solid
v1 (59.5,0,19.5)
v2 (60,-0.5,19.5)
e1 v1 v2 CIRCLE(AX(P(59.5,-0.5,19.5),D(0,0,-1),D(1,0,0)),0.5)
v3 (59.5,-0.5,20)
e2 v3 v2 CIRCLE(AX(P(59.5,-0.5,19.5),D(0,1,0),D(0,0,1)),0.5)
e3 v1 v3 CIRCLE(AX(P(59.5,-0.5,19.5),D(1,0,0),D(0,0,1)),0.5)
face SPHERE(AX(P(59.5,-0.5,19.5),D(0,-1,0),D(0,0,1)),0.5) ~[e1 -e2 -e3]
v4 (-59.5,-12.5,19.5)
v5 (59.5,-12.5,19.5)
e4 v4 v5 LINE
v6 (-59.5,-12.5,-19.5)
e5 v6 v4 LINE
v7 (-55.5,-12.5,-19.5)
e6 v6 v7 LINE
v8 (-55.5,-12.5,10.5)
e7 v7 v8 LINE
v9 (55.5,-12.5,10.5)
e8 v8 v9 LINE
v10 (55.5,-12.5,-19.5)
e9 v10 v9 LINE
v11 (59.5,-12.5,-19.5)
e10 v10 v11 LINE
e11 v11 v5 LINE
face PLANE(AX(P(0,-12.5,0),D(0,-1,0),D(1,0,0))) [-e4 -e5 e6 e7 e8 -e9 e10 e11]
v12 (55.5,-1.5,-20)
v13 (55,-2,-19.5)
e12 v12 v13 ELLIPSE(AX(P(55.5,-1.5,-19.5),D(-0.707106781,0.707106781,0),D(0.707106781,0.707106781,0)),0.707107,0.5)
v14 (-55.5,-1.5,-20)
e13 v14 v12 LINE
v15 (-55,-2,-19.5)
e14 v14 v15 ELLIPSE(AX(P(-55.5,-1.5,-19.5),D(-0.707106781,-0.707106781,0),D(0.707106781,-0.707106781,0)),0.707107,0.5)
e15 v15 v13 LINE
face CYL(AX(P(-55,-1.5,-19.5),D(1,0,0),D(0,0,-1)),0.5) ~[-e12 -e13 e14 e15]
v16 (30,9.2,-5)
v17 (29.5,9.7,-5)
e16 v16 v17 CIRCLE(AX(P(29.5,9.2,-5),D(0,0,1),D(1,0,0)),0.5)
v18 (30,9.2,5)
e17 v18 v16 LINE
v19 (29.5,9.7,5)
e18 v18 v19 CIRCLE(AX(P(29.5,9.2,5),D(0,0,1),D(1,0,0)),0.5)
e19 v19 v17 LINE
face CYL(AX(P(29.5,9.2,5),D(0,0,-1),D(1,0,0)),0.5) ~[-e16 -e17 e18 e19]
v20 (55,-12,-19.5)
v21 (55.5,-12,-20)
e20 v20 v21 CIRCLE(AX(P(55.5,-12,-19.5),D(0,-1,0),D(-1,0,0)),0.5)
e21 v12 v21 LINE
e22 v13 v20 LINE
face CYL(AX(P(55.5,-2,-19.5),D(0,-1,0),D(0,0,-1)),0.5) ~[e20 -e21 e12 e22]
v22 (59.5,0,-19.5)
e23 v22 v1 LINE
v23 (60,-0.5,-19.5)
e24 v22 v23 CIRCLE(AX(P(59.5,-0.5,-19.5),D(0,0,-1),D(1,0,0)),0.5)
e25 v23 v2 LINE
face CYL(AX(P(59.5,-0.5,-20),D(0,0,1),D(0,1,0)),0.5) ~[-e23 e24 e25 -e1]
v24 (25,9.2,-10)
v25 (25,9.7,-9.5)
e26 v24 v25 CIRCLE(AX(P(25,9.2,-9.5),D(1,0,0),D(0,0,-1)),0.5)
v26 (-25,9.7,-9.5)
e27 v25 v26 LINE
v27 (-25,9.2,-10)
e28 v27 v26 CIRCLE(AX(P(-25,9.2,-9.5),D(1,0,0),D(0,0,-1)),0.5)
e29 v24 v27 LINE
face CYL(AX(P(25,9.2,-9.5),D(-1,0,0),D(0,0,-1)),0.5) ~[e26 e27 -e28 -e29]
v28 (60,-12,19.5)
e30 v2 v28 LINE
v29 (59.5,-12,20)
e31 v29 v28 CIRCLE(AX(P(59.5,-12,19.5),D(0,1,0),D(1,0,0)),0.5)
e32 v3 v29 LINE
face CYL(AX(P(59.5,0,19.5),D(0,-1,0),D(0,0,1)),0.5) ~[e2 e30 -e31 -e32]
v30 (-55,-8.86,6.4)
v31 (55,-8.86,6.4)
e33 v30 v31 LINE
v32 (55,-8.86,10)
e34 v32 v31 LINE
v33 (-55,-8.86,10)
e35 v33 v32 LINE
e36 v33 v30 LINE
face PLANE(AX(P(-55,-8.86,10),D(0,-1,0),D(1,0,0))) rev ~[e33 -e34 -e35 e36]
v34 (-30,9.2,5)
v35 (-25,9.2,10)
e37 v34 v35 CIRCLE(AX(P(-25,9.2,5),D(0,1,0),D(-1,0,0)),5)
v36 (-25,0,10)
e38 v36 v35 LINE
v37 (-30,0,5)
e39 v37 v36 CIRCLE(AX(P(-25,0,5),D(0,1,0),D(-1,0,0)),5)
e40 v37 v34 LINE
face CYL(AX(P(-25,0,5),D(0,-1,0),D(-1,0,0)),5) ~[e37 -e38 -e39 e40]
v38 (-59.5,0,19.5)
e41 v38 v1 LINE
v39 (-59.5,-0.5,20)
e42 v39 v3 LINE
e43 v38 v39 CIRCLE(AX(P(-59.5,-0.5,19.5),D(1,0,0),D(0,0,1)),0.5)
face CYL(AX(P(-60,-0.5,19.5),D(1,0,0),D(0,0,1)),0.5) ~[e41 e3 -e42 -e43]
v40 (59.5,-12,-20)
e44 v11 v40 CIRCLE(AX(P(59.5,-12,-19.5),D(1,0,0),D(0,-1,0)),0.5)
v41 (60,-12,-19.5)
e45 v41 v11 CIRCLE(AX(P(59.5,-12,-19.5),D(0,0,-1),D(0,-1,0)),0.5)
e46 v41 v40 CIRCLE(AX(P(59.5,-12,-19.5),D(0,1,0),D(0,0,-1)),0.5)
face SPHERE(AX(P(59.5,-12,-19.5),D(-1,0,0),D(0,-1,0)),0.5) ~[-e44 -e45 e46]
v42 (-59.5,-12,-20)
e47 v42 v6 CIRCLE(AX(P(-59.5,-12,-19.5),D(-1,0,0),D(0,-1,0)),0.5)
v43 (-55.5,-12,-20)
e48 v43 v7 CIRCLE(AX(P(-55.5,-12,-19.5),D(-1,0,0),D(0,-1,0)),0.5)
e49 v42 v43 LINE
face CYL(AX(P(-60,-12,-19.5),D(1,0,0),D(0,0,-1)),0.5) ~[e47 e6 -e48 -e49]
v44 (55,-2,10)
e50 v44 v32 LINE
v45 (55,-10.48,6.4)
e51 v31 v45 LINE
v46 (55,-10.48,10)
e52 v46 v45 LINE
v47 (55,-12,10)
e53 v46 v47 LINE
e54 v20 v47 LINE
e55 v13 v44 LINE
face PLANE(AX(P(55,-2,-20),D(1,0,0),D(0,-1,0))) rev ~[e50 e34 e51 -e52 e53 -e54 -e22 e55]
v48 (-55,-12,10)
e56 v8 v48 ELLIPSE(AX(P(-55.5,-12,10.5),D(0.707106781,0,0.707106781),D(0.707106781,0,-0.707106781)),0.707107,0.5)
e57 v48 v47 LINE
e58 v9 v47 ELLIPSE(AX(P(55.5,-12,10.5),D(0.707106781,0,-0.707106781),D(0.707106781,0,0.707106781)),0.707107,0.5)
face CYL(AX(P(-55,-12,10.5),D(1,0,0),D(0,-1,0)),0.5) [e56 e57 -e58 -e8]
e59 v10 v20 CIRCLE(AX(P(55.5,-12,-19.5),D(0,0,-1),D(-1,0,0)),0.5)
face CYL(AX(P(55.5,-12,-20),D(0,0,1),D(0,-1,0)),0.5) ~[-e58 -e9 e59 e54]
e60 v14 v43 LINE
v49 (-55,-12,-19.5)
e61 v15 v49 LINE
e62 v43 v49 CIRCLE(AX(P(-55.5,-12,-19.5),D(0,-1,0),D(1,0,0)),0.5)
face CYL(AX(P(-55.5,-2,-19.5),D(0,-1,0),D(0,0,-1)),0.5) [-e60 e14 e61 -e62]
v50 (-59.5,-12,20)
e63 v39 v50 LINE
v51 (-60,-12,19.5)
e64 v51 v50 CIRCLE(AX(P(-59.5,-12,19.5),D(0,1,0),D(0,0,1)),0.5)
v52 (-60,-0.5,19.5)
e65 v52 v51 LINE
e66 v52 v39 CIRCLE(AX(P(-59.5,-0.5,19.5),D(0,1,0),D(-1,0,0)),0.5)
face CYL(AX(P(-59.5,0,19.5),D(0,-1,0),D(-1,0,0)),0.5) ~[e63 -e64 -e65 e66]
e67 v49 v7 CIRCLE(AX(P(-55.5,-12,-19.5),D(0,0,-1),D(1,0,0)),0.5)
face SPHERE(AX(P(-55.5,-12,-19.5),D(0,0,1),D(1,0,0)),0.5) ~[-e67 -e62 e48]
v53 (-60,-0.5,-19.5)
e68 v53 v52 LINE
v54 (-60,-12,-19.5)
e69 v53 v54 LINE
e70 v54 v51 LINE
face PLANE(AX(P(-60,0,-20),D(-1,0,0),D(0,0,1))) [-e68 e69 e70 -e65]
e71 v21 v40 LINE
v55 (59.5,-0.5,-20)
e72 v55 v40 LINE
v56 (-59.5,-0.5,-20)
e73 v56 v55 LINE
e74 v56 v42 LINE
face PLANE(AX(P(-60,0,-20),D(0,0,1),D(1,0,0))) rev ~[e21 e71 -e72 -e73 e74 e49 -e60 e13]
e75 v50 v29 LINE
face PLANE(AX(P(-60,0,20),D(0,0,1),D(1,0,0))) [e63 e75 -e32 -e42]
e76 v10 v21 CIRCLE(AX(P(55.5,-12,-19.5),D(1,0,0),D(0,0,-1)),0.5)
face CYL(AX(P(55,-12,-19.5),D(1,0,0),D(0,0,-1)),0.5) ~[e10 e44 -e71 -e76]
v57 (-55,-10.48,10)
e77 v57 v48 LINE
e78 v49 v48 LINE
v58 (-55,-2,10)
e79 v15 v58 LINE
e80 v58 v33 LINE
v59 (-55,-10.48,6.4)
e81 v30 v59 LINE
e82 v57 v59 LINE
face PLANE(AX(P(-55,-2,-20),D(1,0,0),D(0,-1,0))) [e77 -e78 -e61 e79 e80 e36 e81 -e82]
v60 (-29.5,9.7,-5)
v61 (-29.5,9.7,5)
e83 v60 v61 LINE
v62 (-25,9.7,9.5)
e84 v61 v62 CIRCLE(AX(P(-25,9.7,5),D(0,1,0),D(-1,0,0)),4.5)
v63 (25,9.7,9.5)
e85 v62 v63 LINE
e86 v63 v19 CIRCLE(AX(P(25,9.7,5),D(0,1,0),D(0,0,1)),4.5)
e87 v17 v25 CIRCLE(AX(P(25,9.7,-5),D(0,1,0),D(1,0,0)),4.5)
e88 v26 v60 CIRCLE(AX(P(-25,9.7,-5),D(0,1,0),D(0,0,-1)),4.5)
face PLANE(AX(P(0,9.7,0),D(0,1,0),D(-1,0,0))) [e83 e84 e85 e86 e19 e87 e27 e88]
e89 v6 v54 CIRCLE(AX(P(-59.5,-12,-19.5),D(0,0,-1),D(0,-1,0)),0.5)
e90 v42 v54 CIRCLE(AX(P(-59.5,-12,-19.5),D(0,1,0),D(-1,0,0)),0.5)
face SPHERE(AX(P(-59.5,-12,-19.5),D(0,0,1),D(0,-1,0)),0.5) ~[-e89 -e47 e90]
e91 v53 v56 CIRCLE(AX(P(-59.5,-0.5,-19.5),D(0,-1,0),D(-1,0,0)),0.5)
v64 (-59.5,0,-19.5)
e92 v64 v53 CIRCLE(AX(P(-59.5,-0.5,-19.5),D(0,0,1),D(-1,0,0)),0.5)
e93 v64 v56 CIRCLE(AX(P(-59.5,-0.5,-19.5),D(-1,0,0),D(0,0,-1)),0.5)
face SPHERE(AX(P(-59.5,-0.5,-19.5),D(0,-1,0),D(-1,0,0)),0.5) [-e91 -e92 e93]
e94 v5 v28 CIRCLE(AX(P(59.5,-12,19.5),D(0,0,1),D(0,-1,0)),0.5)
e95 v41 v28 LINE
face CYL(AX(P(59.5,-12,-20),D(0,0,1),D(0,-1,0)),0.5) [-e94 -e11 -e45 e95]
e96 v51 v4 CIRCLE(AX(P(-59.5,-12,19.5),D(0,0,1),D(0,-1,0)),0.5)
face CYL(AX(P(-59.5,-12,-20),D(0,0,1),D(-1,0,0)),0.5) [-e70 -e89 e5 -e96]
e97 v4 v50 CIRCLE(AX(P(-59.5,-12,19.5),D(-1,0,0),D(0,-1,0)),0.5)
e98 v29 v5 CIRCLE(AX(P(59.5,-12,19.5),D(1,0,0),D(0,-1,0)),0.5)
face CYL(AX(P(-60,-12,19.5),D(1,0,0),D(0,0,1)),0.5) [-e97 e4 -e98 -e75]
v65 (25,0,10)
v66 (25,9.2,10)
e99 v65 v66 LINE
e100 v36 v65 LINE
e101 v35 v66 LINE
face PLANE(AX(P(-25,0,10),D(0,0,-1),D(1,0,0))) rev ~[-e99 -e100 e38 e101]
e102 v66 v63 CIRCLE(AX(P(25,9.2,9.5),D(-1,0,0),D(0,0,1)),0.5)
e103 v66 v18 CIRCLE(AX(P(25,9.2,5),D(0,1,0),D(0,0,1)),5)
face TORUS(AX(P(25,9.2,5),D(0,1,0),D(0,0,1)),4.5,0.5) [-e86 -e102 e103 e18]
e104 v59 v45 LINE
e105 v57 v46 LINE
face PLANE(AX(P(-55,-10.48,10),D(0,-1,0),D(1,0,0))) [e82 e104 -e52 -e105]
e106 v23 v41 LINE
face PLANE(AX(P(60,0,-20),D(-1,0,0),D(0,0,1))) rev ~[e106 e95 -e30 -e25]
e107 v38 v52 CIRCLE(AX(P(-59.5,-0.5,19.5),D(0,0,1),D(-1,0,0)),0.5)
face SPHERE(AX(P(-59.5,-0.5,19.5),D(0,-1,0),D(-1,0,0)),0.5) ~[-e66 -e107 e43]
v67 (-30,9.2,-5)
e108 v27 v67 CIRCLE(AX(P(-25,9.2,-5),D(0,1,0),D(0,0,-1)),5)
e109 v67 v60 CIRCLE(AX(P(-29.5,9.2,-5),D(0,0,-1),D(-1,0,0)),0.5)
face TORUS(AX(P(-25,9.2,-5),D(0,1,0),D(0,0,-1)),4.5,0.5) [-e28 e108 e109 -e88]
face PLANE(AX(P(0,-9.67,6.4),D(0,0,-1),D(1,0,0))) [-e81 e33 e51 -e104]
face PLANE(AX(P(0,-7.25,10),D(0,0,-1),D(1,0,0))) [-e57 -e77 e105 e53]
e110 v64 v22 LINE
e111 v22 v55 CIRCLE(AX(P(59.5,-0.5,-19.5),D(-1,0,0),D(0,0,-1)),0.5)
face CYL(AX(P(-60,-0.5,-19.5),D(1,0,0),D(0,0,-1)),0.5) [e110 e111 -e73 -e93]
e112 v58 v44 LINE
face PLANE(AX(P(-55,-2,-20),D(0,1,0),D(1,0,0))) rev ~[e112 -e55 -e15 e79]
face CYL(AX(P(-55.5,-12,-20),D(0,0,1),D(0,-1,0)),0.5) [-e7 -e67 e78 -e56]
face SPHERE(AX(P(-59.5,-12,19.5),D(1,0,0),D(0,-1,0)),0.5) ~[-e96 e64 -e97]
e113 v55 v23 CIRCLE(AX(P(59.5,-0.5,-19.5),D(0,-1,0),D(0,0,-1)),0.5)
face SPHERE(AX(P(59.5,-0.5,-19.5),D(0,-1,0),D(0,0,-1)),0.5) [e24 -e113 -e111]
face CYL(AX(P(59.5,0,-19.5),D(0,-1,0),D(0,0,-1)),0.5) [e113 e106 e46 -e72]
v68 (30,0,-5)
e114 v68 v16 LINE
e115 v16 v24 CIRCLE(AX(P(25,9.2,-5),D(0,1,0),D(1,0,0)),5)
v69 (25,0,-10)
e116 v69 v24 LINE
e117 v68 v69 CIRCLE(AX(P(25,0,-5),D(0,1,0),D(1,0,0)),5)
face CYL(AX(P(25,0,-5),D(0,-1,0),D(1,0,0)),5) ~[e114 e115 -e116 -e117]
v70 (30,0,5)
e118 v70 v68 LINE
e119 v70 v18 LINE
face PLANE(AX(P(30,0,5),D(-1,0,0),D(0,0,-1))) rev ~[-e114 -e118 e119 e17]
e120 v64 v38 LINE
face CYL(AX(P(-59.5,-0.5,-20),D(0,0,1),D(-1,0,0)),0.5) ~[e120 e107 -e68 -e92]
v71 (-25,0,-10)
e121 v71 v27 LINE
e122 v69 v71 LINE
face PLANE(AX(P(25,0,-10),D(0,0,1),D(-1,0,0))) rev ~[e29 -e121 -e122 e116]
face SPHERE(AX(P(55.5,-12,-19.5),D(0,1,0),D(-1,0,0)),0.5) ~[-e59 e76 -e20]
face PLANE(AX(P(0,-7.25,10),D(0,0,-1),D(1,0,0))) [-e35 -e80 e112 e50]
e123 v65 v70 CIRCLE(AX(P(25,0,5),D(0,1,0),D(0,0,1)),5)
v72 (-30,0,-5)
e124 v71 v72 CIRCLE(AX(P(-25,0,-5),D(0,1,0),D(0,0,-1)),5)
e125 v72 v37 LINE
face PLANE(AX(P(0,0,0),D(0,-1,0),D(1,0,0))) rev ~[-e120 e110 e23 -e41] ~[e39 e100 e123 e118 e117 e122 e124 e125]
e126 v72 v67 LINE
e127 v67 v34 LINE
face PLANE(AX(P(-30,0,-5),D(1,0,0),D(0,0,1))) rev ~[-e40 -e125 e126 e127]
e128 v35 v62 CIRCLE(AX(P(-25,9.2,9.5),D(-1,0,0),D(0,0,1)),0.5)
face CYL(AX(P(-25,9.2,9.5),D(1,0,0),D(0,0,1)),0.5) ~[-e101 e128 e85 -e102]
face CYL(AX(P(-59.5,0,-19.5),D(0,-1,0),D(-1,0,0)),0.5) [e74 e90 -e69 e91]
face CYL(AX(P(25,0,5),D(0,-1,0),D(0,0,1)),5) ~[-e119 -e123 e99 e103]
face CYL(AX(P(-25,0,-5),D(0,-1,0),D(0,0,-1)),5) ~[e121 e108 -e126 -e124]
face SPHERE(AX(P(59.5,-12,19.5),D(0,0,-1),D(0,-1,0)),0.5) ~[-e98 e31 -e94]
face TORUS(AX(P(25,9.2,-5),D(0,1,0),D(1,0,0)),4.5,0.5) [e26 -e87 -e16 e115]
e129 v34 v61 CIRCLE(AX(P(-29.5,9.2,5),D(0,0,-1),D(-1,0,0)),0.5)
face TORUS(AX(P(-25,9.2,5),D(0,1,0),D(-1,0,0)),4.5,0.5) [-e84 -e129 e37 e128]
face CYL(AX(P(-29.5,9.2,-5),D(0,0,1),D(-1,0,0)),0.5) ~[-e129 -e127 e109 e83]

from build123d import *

# Parameters (mm, degrees)
F0_W     = 120
F0_H     = 40
F1_DEPTH = 12.5
F3_DEPTH = 9.7
F4_W     = 110
F4_H     = 10.5
F5_DEPTH = 30
F6_W     = 110
F6_H     = 1.62
F7_DEPTH = 3.6
F8_R     = 0.5


with BuildPart() as f1:
    # F0 (on Front) → F1 (new body)
    with BuildSketch(Plane.XZ):
        Rectangle(F0_W, F0_H)
    extrude(amount=F1_DEPTH)

    # F2 (on face) → F3 (join)
    with BuildSketch(Plane(origin=(0, 0, 0), x_dir=(-1, 0, 0), z_dir=(0, 1, 0))):
        with BuildLine():
            Line((-25, -10), (25, -10))
            ThreePointArc((25, -10), (28.5355339059, -8.5355339059), (30, -5))
            Line((30, -5), (30, 5))
            ThreePointArc((30, 5), (28.5355339059, 8.5355339059), (25, 10))
            Line((25, 10), (-25, 10))
            ThreePointArc((-25, 10), (-28.5355339059, 8.5355339059), (-30, 5))
            Line((-30, 5), (-30, -5))
            ThreePointArc((-30, -5), (-28.5355339059, -8.5355339059), (-25, -10))
        make_face()
    extrude(amount=F3_DEPTH)

    # F4 (on face) → F5 (cut)
    with BuildSketch(Plane(origin=(0, 0, -20), x_dir=(1, 0, 0), z_dir=(0, 0, -1))):
        with Locations((0, 7.25)):
            Rectangle(F4_W, F4_H)
    extrude(amount=-F5_DEPTH, mode=Mode.SUBTRACT)

    # F6 (on face) → F7 (join)
    with BuildSketch(Plane(origin=(0, 0, 10), x_dir=(1, 0, 0), z_dir=(0, 0, -1))):
        with Locations((0, 9.67)):
            Rectangle(F6_W, F6_H)
    extrude(amount=F7_DEPTH)

    # F8
    f8_edges = [f1.edges().sort_by_distance(p)[0] for p in [
        (0, 9.7, -10),
        (0, -2, -20),
        (55, -7.25, -20),
        (55, -12.5, -5),
        (0, -12.5, 10),
        (-55, -12.5, -5),
        (-55, -7.25, -20),
        (57.5, -12.5, -20),
        (60, -12.5, 0),
        (0, -12.5, 20),
        (-60, -12.5, 0),
        (-57.5, -12.5, -20),
        (60, -6.25, -20),
        (60, -6.25, 20),
        (-60, -6.25, 20),
        (-60, -6.25, -20),
        (-60, 0, 0),
        (0, 0, 20),
        (0, 0, -20),
        (60, 0, 0),
    ]]
    fillet(f8_edges, radius=F8_R)


solid = f1.part
